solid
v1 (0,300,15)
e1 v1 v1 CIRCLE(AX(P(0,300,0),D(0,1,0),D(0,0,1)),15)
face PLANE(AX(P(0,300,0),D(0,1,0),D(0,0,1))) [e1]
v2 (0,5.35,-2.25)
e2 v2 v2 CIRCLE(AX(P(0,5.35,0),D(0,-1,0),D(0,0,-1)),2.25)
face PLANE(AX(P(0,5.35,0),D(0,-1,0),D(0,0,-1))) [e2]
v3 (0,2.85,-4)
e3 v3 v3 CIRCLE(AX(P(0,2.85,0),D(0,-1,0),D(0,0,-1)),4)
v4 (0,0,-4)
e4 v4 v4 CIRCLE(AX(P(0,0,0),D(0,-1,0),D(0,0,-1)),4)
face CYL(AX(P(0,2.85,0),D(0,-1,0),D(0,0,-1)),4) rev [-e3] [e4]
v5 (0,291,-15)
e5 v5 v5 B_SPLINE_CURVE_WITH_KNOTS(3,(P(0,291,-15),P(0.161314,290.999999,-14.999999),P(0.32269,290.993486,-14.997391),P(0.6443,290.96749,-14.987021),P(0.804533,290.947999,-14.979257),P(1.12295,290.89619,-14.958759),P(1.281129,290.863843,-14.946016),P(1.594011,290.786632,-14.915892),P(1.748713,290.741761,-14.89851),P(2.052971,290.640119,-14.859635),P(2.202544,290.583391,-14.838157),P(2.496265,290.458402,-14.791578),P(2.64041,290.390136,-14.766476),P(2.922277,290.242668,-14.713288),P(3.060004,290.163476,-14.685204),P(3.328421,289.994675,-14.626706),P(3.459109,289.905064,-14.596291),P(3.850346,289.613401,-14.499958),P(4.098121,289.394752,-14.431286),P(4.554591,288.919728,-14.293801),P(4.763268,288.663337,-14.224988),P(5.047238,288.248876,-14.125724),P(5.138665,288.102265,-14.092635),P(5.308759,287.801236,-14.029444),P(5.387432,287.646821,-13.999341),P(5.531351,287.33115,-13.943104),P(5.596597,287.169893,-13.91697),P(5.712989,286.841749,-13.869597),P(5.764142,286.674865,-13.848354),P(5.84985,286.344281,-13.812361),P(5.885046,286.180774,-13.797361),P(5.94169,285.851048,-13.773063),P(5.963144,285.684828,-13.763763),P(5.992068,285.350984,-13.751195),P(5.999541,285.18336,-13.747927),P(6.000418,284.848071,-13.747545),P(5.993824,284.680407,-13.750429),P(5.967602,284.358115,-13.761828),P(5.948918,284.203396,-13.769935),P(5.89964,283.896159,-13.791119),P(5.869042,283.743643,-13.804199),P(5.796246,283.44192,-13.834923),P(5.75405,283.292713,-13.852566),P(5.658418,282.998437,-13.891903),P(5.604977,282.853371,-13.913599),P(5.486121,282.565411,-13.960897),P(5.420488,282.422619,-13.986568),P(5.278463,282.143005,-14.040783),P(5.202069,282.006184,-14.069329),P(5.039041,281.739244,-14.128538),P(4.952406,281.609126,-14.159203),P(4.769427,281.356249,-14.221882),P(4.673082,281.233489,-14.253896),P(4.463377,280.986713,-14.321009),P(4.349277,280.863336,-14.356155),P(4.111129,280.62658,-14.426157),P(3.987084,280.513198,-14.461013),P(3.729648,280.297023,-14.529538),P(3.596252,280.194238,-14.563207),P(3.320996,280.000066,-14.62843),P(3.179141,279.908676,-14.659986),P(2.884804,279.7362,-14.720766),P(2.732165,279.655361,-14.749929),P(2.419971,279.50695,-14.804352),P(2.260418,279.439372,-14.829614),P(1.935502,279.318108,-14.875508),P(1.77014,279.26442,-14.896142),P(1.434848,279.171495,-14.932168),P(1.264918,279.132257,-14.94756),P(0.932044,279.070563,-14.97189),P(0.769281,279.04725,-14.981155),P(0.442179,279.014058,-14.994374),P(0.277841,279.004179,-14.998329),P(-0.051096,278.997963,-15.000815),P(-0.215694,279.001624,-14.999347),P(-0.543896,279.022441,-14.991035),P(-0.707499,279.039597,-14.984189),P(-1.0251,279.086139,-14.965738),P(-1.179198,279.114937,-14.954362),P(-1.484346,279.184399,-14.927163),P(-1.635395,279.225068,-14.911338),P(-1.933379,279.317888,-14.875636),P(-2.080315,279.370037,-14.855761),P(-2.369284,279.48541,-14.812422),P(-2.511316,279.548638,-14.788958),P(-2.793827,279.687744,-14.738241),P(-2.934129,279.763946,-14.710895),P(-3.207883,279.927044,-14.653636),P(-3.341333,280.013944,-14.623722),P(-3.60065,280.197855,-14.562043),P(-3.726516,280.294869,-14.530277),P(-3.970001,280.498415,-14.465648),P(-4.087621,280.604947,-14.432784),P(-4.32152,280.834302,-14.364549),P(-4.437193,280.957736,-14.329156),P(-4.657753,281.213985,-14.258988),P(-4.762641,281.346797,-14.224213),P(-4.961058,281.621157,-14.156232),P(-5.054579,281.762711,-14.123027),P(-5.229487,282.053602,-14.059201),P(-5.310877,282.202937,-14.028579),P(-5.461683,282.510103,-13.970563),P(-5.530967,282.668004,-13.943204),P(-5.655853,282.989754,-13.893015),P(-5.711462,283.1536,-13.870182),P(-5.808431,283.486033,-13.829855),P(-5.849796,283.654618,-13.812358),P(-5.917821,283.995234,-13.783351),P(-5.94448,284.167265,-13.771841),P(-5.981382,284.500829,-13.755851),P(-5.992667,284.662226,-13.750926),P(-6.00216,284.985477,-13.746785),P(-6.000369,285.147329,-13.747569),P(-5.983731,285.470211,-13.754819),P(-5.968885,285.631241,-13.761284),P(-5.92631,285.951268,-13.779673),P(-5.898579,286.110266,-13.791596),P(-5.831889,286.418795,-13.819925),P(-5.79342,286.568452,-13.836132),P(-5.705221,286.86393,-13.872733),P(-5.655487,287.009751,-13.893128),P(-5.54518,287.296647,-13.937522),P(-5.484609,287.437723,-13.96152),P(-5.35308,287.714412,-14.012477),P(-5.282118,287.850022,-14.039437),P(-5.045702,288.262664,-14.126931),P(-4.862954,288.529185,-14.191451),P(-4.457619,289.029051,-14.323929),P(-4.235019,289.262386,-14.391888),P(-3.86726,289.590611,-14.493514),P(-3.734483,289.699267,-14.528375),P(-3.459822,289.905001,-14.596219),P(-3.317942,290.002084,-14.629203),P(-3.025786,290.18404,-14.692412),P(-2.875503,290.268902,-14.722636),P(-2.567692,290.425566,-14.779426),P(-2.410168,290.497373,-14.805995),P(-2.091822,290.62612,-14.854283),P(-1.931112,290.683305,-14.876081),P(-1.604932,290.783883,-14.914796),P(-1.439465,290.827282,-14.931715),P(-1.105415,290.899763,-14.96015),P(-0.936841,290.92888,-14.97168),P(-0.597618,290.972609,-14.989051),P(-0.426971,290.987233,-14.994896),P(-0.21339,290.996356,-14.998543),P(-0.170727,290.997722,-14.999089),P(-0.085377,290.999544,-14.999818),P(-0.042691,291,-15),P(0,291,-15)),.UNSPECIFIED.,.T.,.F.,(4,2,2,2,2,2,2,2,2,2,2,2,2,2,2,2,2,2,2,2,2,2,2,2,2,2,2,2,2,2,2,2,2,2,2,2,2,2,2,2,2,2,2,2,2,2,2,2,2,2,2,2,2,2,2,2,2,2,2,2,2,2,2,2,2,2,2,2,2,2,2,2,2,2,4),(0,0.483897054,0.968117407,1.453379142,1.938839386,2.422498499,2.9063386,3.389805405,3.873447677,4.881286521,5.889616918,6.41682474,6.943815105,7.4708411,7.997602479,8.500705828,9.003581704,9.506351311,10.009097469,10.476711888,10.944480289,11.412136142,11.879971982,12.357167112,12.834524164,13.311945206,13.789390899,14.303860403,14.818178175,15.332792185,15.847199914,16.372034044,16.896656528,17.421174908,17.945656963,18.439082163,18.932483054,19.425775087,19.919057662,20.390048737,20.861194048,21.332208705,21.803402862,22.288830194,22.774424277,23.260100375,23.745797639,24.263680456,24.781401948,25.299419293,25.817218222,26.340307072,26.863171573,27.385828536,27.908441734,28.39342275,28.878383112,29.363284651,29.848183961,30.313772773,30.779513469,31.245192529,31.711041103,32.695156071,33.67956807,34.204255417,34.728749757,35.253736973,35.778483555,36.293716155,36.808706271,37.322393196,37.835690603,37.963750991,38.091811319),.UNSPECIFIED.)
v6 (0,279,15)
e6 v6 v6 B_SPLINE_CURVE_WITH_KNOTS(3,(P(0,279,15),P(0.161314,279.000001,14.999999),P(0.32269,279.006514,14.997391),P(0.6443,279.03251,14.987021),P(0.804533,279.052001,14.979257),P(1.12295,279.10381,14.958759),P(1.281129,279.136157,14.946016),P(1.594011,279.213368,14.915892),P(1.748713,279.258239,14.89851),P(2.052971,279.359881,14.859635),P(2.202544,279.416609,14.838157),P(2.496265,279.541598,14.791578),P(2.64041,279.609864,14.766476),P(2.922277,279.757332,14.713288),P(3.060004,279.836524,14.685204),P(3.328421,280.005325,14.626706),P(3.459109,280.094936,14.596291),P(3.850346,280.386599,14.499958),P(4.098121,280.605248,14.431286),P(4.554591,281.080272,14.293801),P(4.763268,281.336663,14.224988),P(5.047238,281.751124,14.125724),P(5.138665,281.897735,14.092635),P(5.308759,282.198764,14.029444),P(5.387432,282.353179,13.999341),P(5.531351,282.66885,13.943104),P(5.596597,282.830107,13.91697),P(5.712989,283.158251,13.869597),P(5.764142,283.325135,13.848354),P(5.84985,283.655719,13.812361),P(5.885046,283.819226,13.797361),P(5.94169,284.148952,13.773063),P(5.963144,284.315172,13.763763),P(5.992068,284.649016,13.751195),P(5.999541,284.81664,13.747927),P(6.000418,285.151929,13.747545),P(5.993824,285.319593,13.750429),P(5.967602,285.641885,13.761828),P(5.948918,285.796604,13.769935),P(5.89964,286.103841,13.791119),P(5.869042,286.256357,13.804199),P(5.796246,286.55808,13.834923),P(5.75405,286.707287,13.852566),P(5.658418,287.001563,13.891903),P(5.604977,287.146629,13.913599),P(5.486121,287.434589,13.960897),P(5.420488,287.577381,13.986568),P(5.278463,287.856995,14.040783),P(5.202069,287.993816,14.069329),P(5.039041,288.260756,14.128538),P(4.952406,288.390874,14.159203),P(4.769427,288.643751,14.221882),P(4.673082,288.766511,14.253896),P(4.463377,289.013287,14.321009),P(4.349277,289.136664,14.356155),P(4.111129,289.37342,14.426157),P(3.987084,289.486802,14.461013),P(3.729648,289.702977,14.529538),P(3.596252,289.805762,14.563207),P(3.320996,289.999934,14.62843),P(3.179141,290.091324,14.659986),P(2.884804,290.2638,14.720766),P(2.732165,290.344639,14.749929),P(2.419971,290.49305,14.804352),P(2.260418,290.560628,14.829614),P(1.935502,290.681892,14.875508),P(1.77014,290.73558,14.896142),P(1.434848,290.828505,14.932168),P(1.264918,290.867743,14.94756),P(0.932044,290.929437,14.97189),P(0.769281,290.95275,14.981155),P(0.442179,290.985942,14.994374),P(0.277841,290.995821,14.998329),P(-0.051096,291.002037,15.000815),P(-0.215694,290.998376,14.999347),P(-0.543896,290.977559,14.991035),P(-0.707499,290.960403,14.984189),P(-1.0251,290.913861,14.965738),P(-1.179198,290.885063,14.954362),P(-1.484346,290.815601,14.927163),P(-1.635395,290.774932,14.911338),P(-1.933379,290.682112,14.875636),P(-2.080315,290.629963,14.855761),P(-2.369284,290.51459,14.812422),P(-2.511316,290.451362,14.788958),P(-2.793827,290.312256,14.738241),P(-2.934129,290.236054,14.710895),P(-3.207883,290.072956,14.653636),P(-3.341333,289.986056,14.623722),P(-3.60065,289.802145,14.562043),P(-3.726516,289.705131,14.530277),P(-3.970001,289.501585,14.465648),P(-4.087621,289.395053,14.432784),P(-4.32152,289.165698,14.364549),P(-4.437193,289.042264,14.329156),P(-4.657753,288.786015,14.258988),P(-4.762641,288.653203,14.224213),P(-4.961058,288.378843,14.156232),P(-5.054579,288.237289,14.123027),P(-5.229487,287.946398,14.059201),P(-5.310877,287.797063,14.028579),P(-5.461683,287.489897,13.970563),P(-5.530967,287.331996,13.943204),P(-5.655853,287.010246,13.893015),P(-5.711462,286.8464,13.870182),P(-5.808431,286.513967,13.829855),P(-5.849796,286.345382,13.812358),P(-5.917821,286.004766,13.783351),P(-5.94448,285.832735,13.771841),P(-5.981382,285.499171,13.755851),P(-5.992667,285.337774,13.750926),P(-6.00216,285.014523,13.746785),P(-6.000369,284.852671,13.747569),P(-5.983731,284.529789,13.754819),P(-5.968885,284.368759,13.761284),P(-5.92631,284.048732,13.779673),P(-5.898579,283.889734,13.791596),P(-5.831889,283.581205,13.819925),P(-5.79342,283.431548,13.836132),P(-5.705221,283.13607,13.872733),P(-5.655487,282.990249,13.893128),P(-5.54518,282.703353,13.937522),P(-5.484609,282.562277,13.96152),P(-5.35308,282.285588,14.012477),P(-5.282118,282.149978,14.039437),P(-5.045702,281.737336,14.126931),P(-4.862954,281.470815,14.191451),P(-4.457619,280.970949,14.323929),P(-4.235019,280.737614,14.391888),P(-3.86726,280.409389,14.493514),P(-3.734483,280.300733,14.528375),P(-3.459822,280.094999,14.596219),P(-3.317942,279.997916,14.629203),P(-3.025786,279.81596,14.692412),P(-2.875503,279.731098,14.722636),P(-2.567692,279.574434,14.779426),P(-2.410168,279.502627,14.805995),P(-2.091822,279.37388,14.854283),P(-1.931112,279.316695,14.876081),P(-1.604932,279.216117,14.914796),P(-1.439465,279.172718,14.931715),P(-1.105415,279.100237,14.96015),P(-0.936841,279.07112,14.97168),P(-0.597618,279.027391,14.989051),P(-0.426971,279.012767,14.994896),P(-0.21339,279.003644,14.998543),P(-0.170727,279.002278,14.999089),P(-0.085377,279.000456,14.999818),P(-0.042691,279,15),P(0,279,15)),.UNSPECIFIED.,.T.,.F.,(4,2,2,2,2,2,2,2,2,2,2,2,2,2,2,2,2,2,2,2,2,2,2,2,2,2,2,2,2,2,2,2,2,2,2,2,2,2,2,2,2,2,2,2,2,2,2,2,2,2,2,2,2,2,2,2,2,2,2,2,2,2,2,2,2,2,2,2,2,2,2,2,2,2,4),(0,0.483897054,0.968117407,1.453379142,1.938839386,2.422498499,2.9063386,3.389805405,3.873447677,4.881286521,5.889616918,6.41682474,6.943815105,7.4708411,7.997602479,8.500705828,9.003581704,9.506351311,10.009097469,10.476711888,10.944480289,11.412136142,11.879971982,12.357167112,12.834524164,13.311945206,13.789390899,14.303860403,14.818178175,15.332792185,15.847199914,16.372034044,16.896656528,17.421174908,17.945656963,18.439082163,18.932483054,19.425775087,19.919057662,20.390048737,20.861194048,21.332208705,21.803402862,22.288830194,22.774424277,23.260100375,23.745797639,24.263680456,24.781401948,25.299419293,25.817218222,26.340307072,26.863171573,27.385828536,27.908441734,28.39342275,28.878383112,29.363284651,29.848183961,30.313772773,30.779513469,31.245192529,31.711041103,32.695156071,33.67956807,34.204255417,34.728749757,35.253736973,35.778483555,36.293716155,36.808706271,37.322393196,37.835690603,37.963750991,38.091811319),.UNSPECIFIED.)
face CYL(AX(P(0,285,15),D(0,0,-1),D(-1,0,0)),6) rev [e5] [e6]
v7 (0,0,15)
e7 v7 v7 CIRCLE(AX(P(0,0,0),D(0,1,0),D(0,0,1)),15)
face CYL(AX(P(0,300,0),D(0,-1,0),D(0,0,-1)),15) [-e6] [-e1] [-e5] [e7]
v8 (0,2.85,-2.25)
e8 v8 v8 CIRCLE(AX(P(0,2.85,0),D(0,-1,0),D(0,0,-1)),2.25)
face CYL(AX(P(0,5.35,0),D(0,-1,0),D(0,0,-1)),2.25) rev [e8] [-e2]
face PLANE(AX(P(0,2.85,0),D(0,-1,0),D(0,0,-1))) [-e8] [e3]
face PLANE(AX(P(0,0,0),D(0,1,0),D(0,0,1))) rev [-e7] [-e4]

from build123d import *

# Parameters (mm, degrees)
SKETCH1_R               = 15
BOSS_EXTRUDE1_DEPTH     = 300
SKETCH2_R               = 6
CUT_EXTRUDE1_DEPTH      = 16
CUT_EXTRUDE1_DEPTH_BACK = 16
SKETCH3_R               = 4
CUT_EXTRUDE2_DEPTH      = 2.85
SKETCH4_R               = 2.25
CUT_EXTRUDE3_DEPTH      = 2.5


with BuildPart() as part:
    # Sketch1 → Boss-Extrude1 (new body)
    with BuildSketch(Plane(origin=(0, 0, 0), x_dir=(1, 0, 0), z_dir=(0, 1, 0))):
        Circle(SKETCH1_R)
    extrude(amount=BOSS_EXTRUDE1_DEPTH)

    # Sketch2 → Cut-Extrude1 (cut, two sides)
    with BuildSketch(Plane.XY) as cut_extrude1_sk:
        with Locations((0, 285)):
            Circle(SKETCH2_R)
    extrude(amount=CUT_EXTRUDE1_DEPTH, mode=Mode.SUBTRACT)
    extrude(cut_extrude1_sk.sketch, amount=-CUT_EXTRUDE1_DEPTH_BACK, mode=Mode.SUBTRACT)

    # Sketch3 → Cut-Extrude2 (cut)
    with BuildSketch(Plane.XZ):
        Circle(SKETCH3_R)
    extrude(amount=-CUT_EXTRUDE2_DEPTH, mode=Mode.SUBTRACT)

    # Sketch4 → Cut-Extrude3 (cut)
    with BuildSketch(Plane.XZ.offset(-2.85)):
        Circle(SKETCH4_R)
    extrude(amount=-CUT_EXTRUDE3_DEPTH, mode=Mode.SUBTRACT)


solid = part.part
